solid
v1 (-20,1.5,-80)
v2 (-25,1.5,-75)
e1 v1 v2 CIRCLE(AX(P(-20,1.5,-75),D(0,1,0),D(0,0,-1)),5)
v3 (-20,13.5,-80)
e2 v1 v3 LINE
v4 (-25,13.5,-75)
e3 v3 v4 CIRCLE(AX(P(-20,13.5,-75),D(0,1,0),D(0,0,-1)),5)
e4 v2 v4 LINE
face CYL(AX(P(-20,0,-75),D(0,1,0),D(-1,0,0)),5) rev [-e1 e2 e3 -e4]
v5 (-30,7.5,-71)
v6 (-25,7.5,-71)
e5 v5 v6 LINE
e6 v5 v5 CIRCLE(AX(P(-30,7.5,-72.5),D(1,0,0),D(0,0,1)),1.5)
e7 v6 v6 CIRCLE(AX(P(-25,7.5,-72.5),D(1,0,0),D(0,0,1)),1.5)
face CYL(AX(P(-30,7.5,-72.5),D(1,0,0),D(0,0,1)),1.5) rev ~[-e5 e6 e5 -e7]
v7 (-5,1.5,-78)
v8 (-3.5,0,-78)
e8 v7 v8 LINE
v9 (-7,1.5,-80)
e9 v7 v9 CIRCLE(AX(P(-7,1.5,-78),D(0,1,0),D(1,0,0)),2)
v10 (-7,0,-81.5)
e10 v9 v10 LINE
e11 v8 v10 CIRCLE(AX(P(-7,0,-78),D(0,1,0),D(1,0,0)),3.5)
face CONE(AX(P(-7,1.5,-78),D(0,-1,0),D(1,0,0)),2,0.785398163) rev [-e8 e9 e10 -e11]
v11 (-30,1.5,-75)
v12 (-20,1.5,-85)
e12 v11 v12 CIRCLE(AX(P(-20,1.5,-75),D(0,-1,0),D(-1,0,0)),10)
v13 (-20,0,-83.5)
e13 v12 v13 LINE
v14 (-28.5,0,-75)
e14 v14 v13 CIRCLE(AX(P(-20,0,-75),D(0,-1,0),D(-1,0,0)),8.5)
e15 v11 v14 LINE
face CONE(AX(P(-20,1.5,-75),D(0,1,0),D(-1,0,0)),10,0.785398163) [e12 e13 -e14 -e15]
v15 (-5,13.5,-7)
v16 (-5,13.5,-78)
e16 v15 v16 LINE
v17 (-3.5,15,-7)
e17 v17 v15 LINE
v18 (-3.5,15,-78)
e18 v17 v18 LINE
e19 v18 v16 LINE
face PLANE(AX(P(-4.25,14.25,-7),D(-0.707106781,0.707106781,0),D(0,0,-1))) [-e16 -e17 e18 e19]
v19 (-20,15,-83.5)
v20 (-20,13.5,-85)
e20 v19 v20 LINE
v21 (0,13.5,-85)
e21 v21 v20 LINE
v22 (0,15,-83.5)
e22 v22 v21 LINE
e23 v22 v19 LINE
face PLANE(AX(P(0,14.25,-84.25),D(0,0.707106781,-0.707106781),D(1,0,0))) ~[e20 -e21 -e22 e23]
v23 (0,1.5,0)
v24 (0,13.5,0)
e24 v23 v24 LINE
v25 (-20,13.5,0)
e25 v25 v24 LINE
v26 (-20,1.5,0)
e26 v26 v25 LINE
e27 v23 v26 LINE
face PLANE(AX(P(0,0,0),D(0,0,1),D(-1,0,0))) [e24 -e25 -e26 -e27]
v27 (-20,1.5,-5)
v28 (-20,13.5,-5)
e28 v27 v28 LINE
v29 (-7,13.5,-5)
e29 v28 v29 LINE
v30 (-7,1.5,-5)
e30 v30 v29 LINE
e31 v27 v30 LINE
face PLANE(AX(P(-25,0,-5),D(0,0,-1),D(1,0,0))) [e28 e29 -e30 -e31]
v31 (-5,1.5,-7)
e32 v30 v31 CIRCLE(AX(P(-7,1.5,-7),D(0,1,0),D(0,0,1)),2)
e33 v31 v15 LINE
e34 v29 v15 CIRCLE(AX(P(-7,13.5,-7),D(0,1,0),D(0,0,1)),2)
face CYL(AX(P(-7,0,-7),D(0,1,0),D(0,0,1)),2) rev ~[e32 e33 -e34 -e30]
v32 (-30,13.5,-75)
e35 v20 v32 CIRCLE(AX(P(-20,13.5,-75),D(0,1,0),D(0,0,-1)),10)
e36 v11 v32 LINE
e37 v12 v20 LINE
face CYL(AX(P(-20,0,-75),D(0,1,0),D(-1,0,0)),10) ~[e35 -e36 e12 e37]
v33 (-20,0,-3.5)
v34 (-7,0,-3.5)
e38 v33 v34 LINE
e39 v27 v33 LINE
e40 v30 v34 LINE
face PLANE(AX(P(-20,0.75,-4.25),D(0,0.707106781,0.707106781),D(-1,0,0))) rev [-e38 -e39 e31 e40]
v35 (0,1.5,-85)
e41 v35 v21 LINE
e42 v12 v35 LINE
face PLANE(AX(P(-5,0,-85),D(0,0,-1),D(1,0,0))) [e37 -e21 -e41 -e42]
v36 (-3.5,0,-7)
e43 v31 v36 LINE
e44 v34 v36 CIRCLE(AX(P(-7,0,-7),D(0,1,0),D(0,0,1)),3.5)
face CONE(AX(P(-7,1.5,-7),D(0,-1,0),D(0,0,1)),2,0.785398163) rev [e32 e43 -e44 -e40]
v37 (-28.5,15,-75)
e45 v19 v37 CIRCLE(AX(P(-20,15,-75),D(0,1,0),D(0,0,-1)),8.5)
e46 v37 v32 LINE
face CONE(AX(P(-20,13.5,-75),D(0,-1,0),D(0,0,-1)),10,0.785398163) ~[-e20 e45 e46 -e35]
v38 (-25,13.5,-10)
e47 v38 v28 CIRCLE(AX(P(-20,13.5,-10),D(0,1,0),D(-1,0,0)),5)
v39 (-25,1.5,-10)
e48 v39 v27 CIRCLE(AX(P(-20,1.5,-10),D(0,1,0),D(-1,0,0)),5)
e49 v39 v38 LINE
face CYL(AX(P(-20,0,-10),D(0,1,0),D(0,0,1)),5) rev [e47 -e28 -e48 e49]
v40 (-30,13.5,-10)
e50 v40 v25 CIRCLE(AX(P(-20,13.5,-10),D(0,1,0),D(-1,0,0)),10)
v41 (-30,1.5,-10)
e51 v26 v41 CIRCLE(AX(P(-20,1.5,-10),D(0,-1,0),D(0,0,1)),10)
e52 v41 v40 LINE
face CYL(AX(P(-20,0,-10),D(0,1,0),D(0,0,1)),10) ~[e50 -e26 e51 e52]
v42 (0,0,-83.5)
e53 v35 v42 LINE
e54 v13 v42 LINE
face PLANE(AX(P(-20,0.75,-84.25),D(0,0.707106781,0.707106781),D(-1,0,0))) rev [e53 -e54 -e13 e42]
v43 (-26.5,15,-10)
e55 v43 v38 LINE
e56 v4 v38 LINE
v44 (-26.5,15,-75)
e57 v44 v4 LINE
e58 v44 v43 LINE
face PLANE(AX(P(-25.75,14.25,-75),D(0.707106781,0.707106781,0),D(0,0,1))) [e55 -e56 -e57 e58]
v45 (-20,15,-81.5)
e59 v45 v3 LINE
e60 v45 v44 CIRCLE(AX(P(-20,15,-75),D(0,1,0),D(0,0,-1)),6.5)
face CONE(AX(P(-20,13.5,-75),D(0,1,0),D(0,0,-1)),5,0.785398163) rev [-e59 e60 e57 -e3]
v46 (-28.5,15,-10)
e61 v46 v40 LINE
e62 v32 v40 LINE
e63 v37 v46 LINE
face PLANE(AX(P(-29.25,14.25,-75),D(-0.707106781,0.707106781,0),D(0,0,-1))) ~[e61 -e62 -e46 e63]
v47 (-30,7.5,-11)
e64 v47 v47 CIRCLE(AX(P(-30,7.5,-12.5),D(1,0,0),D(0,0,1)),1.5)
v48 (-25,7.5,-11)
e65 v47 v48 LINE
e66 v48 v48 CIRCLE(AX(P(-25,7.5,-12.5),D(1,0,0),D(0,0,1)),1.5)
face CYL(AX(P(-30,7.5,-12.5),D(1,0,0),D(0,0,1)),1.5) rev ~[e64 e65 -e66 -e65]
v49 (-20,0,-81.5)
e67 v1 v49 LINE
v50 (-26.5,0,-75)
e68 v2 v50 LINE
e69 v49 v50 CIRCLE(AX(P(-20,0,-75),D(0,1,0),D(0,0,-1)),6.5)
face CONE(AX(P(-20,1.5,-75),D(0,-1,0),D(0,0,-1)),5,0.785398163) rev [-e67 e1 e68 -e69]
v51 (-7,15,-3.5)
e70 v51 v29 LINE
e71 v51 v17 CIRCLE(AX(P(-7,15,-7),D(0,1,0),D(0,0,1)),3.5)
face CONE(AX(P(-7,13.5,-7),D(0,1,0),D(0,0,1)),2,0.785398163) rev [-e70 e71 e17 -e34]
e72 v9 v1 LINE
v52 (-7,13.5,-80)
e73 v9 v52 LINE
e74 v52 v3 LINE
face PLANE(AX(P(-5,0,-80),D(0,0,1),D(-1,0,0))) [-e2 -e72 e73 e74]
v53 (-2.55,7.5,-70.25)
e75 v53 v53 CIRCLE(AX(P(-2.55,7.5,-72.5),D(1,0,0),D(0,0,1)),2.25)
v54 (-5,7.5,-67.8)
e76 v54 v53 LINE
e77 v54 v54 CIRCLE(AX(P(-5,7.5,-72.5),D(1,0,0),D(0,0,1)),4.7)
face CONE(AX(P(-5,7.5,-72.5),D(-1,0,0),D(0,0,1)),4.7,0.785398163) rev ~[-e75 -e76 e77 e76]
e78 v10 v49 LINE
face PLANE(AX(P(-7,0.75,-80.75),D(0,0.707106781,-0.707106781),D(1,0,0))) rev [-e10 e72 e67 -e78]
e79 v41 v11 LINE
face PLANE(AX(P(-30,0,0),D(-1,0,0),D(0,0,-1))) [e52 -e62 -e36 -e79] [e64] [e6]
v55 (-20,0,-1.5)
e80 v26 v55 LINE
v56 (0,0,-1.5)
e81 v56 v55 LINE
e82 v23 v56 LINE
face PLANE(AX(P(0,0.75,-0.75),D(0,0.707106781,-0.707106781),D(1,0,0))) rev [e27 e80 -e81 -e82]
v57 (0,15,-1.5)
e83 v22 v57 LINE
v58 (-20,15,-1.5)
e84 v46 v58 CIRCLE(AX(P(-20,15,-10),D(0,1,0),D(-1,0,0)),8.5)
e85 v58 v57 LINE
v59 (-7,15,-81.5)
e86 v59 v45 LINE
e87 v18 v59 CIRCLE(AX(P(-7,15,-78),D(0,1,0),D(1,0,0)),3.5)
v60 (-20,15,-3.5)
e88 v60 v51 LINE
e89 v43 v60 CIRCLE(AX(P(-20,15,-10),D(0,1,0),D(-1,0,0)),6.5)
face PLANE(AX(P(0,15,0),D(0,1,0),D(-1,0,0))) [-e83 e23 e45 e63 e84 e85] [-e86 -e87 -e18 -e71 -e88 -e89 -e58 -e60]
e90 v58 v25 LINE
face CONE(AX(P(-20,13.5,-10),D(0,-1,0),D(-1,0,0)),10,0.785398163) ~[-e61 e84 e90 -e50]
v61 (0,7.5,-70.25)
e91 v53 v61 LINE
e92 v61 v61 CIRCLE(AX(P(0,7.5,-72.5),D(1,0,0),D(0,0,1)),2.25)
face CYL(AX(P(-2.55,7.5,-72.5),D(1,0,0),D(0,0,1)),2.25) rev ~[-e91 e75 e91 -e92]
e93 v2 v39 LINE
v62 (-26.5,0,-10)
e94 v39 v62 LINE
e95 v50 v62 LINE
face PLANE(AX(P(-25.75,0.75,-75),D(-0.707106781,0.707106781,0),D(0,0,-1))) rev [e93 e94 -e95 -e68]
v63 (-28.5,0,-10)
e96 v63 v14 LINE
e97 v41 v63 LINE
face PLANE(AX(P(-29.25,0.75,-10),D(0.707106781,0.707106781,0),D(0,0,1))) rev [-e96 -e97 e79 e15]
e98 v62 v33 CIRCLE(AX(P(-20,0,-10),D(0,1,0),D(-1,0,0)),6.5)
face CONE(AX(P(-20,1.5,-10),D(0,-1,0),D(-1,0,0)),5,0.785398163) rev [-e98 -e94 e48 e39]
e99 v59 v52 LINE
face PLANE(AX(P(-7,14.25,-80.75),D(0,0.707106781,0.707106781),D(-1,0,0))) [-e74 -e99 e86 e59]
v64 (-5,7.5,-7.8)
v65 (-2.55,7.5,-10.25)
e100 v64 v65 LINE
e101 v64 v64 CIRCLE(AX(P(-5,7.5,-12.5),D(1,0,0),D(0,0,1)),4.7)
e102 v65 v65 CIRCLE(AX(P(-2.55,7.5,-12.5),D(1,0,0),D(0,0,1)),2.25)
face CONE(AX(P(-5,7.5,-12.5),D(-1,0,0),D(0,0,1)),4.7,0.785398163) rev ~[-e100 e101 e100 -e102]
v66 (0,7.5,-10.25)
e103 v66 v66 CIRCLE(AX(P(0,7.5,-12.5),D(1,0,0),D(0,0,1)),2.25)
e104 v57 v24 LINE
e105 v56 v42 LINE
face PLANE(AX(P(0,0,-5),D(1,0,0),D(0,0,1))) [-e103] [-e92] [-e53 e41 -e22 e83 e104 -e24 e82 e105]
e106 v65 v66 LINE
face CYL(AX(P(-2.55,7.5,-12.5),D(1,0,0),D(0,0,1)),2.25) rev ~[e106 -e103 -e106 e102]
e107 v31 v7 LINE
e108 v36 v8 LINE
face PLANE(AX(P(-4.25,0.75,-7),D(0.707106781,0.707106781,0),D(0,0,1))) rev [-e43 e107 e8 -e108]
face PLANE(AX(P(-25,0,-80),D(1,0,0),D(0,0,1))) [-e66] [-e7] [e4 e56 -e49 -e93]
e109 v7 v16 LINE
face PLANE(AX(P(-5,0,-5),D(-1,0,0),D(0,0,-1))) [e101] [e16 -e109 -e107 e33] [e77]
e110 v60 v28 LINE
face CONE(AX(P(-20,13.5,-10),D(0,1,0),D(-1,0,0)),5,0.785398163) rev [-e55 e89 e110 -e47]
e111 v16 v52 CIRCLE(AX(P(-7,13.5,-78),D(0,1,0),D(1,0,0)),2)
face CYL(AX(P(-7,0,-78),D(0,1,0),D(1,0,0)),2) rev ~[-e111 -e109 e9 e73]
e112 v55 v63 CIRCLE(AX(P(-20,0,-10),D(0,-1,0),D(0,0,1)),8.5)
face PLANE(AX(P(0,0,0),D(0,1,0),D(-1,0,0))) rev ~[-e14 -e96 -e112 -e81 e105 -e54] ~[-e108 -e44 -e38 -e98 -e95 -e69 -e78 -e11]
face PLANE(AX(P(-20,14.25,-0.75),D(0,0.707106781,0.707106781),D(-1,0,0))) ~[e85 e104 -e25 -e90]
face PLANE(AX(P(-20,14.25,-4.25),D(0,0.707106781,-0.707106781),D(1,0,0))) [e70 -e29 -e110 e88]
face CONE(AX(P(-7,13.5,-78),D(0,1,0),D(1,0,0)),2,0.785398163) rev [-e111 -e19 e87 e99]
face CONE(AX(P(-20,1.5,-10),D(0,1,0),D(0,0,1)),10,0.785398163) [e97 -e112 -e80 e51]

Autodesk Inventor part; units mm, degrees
ref_plane "YZ Plane" through (0, 0, 0) normal (1, 0, 0) x (0, 1, 0)
ref_plane "XZ Plane" through (0, 0, 0) normal (0, 1, 0) x (-1, 0, 0)
ref_plane "XY Plane" through (0, 0, 0) normal (0, 0, 1) x (1, 0, 0)
sketch "Skizze1" plane through (0, 0, 0) normal (0, 1, 0) x (-1, 0, 0)
  line L0 (0, 0) -> (5, 0)
  line L1 (5, 0) -> (5, -85)
  line L2 (5, -85) -> (0, -85)
  line L3 (0, -85) -> (0, 0)
  line L4 (0, 0) -> (25, 0)
  line L5 (25, 0) -> (25, -5)
  line L6 (25, -5) -> (0, -5)
  line L7 (0, -5) -> (0, 0)
  line L8 (25, 0) -> (30, 0)
  line L9 (30, 0) -> (30, -85)
  line L10 (30, -85) -> (25, -85)
  line L11 (25, -85) -> (25, 0)
  line L12 (30, -85) -> (0, -85)
  line L13 (0, -85) -> (0, -80)
  line L14 (0, -80) -> (30, -80)
  line L15 (30, -80) -> (30, -85)
  point P0 (5, -5)
  point P1 (25, -80)
  point P2 (5, -80)
  dimension "d0" = 5
  dimension "d1" = 85
  dimension "d2" = 25
  dimension "d3" = 5
  dimension "d4" = 5
  dimension "d5" = 85
  dimension "d13" = 30
  dimension "d14" = 5
extrude "Extrusion1" add sketch "Skizze1" along normal blind 15 contours L0 L1 L6 L3 | L4 L5 L6 L1 | L6 L1 L14 L3 | L8 L9 L14 L11 L5 | L14 L1 L2 L3 | L14 L11 L12 L1 | L14 L9 L10 L11
fillet "Rundung1" radius 10 2 edges at (-30, 7.5, 0) (-30, 7.5, -85)
fillet "Rundung2" radius 5 2 edges at (-25, 7.5, -5) (-25, 7.5, -80)
fillet "Rundung3" radius 2 2 edges at (-5, 7.5, -5) (-5, 7.5, -80)
sketch "Skizze2" plane through (-5, 0, -75) normal (-1, 0, 0) x (0, 0, 1)
  line L0 (-10, 0) -> (-10, 15) projected
  line L1 (-10, 7.5) -> (75, 7.5) construction
  line L2 (75, 0) -> (75, 15) construction
  point P0 (62.5, 7.5)
  point P1 (2.5, 7.5)
  dimension "d15" = 60
  dimension "d16" = 12.5
hole "Bohrung1" at (-5, 7.5, -12.5) at (-5, 7.5, -72.5) direction (1, 0, 0) diameter 4.5 depth 5 countersink diameter 9.4 countersink angle 90 clearance for "Flachkopfsenkschraube ISO 2009/7046" size "M4" standard "ISO"
sketch "Skizze3" plane through (-30, 0, -75) normal (-1, 0, 0) x (0, 0, 1)
  circle A0 centre (2.5, 7.5) radius 4.7 projected
  circle A1 centre (62.5, 7.5) radius 4.7 projected
  circle A2 centre (2.5, 7.5) radius 2.25 projected
  point P0 (75, 0)
hole "Bohrung2" at (-30, 7.5, -72.5) at (-30, 7.5, -12.5) direction (1, 0, 0) diameter 3 depth 25
chamfer "Fasen1" distance 1.5 angle 45 8 edges at (-5, 0, -42.5) (-13.5, 0, -5) (-25, 0, -42.5) (-13.5, 0, -80) (-5, 15, -42.5) (-13.5, 15, -5) (-25, 15, -42.5) (-13.5, 15, -80)
chamfer "Fasen2" distance 1.5 angle 45 10 edges at (-30, 0, -42.5) (-27.0711, 0, -2.9289) (-10, 0, 0) (-27.0711, 0, -82.0711) (-10, 0, -85) (-30, 15, -42.5) (-27.0711, 15, -2.9289) (-10, 15, 0) (-27.0711, 15, -82.0711) (-10, 15, -85)
properties part number "260_Handle"
